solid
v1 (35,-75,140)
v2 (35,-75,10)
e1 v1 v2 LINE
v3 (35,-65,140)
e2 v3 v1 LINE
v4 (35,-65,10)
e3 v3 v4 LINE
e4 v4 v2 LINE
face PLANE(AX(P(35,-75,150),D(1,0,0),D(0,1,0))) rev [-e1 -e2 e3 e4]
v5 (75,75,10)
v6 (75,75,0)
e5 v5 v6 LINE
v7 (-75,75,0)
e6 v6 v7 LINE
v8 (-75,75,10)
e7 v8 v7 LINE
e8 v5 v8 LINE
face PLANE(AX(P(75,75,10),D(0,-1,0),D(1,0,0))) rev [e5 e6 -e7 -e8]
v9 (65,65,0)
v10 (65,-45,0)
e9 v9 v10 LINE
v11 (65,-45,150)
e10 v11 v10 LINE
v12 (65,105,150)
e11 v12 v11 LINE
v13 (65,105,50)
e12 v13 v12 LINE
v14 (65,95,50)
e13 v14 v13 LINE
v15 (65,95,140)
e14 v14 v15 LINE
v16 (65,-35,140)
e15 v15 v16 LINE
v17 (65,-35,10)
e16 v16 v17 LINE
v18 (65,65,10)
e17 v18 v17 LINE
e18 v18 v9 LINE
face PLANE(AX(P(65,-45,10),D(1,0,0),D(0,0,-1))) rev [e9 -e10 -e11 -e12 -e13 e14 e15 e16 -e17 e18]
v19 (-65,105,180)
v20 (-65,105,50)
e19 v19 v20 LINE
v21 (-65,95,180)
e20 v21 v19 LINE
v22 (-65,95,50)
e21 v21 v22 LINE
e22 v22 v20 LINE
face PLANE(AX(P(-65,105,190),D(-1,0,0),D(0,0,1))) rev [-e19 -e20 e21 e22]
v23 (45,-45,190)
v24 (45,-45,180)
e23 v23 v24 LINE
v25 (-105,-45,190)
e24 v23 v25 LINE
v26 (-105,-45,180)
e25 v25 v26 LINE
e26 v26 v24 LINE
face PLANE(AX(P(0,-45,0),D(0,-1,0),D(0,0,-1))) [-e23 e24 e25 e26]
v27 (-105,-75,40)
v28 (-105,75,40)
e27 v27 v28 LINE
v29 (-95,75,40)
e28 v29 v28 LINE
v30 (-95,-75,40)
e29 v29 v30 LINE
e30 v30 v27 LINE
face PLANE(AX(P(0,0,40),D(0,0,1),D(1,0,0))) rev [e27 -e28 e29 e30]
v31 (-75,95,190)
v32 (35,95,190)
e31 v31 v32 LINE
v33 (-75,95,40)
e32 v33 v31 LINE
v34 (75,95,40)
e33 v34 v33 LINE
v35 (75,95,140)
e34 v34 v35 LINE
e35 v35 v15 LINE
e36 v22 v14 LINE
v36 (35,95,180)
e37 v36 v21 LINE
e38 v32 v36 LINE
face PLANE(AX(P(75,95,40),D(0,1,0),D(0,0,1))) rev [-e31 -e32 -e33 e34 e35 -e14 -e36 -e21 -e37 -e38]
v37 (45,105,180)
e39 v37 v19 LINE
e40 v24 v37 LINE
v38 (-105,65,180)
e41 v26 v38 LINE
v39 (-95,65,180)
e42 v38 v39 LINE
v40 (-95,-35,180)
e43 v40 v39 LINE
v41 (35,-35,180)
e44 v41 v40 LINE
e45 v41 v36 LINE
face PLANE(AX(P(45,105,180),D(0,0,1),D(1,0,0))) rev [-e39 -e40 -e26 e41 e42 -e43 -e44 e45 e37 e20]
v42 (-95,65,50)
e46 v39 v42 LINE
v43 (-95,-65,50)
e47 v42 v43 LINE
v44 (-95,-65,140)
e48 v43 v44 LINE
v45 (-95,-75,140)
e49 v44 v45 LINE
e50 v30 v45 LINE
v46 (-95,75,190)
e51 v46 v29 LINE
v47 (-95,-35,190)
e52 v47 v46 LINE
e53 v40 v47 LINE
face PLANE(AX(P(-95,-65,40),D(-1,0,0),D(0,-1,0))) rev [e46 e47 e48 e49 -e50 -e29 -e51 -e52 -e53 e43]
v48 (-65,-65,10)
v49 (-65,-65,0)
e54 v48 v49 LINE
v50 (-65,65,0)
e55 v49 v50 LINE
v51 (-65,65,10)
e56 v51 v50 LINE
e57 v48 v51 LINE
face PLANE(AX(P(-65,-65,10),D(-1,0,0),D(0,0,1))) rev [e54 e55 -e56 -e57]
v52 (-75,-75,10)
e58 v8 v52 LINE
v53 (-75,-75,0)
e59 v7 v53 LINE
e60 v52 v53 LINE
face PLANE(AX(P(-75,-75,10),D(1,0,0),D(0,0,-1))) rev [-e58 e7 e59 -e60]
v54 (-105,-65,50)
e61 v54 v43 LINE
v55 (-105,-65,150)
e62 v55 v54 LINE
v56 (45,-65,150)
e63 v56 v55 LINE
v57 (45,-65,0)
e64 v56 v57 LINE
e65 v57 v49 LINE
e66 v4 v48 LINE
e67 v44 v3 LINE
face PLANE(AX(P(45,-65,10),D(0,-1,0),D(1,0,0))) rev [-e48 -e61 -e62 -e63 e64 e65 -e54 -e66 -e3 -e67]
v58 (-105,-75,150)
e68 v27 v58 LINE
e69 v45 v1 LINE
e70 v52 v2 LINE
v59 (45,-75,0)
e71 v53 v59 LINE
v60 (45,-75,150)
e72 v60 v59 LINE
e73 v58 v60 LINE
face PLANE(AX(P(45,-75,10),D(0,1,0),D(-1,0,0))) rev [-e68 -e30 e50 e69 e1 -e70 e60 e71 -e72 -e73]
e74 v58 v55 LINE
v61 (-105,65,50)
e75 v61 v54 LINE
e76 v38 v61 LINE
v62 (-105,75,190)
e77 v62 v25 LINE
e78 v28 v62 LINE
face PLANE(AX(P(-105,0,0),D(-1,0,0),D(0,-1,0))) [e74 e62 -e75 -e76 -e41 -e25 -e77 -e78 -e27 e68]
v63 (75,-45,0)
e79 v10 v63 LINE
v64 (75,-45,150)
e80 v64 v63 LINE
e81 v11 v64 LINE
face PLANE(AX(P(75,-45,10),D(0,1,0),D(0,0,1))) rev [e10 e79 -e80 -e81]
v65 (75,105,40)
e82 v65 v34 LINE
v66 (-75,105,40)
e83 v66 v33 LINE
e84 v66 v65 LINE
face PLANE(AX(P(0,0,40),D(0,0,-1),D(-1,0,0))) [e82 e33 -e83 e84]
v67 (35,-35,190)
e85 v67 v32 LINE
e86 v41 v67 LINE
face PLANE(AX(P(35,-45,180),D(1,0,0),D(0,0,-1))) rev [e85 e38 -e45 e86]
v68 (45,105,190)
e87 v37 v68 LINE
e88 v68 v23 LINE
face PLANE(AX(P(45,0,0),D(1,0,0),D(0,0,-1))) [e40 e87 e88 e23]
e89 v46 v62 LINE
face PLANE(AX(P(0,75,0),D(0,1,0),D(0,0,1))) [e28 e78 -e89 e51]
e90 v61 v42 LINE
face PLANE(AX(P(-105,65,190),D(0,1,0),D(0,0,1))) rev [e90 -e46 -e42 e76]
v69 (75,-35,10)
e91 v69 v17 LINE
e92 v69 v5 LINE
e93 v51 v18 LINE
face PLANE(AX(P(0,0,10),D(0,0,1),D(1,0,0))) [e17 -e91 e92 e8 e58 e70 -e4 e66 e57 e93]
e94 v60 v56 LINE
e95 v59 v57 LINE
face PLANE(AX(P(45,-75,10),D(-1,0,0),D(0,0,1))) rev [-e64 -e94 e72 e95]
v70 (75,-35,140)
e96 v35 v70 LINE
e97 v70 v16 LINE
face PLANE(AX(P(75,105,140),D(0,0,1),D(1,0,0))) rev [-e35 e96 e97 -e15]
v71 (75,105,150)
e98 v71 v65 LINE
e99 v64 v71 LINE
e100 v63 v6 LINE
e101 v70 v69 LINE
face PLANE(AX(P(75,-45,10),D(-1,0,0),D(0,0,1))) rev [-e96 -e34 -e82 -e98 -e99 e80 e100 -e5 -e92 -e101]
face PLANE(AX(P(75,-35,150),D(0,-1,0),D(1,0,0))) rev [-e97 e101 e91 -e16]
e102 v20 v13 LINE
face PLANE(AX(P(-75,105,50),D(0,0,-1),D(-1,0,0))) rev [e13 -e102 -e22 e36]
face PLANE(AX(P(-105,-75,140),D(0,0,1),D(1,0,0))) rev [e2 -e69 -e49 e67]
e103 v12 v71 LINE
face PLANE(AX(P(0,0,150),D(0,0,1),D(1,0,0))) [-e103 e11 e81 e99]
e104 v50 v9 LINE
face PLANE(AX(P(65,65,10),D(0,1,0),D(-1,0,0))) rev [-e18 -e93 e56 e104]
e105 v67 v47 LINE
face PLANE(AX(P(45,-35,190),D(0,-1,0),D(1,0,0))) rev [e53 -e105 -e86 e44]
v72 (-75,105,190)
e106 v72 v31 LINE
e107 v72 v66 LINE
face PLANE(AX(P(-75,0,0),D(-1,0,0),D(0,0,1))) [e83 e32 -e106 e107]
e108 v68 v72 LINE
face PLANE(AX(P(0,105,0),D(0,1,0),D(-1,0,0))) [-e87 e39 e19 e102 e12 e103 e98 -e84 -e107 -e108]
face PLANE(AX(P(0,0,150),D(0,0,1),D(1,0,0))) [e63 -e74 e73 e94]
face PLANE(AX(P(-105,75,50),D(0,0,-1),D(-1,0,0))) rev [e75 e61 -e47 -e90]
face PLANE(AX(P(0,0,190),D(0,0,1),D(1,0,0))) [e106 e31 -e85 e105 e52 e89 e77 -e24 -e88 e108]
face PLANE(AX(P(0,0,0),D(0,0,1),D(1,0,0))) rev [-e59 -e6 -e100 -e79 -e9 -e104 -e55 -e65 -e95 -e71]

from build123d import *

# Parameters (mm, degrees)
ESTRUSIONE_ESTRUSIONE1_DEPTH  = 10
SCHIZZO10_W                   = 10
SCHIZZO10_H                   = 10
ESTRUSIONE_ESTRUSIONE4_DEPTH  = 140
SCHIZZO11_W                   = 10
SCHIZZO11_H                   = 10
ESTRUSIONE_ESTRUSIONE5_DEPTH  = 140
SCHIZZO12_W                   = 10
SCHIZZO12_H                   = 10
ESTRUSIONE_ESTRUSIONE6_DEPTH  = 100
SCHIZZO13_W                   = 10
SCHIZZO13_H                   = 10
ESTRUSIONE_ESTRUSIONE7_DEPTH  = 140
SCHIZZO16_W                   = 10
SCHIZZO16_H                   = 10
ESTRUSIONE_ESTRUSIONE8_DEPTH  = 140
SCHIZZO17_W                   = 10
SCHIZZO17_H                   = 10
ESTRUSIONE_ESTRUSIONE9_DEPTH  = 140
SCHIZZO19_W                   = 10
SCHIZZO19_H                   = 10
ESTRUSIONE_ESTRUSIONE10_DEPTH = 100
SCHIZZO20_W                   = 10
SCHIZZO20_H                   = 10
ESTRUSIONE_ESTRUSIONE11_DEPTH = 140
SCHIZZO21_W                   = 10
SCHIZZO21_H                   = 10
ESTRUSIONE_ESTRUSIONE12_DEPTH = 140
SCHIZZO22_W                   = 10
SCHIZZO22_H                   = 10
ESTRUSIONE_ESTRUSIONE13_DEPTH = 110
SCHIZZO23_W                   = 10
SCHIZZO23_H                   = 10
ESTRUSIONE_ESTRUSIONE14_DEPTH = 140
SCHIZZO24_W                   = 10
SCHIZZO24_H                   = 10
ESTRUSIONE_ESTRUSIONE15_DEPTH = 110
SCHIZZO25_W                   = 10
SCHIZZO25_H                   = 10
ESTRUSIONE_ESTRUSIONE16_DEPTH = 140
SCHIZZO26_W                   = 10
SCHIZZO26_H                   = 10
ESTRUSIONE_ESTRUSIONE17_DEPTH = 140


with BuildPart() as part:
    # Schizzo1 → Estrusione-Estrusione1 (new body)
    with BuildSketch(Plane.XY):
        Polygon((45, -75), (-75, -75), (-75, 75), (75, 75), (75, -45), (65, -45), (65, 65), (-65, 65), (-65, -65), (45, -65), align=None)
    extrude(amount=ESTRUSIONE_ESTRUSIONE1_DEPTH)

    # Schizzo10 → Estrusione-Estrusione4 (add)
    with BuildSketch(Plane.XY.offset(10)):
        with Locations((40, -70)):
            Rectangle(SCHIZZO10_W, SCHIZZO10_H)
    extrude(amount=ESTRUSIONE_ESTRUSIONE4_DEPTH)

    # Schizzo11 → Estrusione-Estrusione5 (add)
    with BuildSketch(Plane.ZY.offset(-35)):
        with Locations((145, -70)):
            Rectangle(SCHIZZO11_W, SCHIZZO11_H)
    extrude(amount=ESTRUSIONE_ESTRUSIONE5_DEPTH)

    # Schizzo12 → Estrusione-Estrusione6 (add)
    with BuildSketch(Plane(origin=(0, 0, 140), x_dir=(-1, 0, 0), z_dir=(0, 0, -1))):
        with Locations((100, -70)):
            Rectangle(SCHIZZO12_W, SCHIZZO12_H)
    extrude(amount=ESTRUSIONE_ESTRUSIONE6_DEPTH)

    # Schizzo13 → Estrusione-Estrusione7 (add)
    with BuildSketch(Plane(origin=(0, -65, 0), x_dir=(1, 0, 0), z_dir=(0, 1, 0))):
        with Locations((-100, -45)):
            Rectangle(SCHIZZO13_W, SCHIZZO13_H)
    extrude(amount=ESTRUSIONE_ESTRUSIONE7_DEPTH)

    # Schizzo16 → Estrusione-Estrusione8 (add)
    with BuildSketch(Plane.XY.offset(10)):
        with Locations((70, -40)):
            Rectangle(SCHIZZO16_W, SCHIZZO16_H)
    extrude(amount=ESTRUSIONE_ESTRUSIONE8_DEPTH)

    # Schizzo17 → Estrusione-Estrusione9 (add)
    with BuildSketch(Plane(origin=(0, -35, 0), x_dir=(1, 0, 0), z_dir=(0, 1, 0))):
        with Locations((70, -145)):
            Rectangle(SCHIZZO17_W, SCHIZZO17_H)
    extrude(amount=ESTRUSIONE_ESTRUSIONE9_DEPTH)

    # Schizzo19 → Estrusione-Estrusione10 (add)
    with BuildSketch(Plane(origin=(0, 0, 140), x_dir=(-1, 0, 0), z_dir=(0, 0, -1))):
        with Locations((-70, 100)):
            Rectangle(SCHIZZO19_W, SCHIZZO19_H)
    extrude(amount=ESTRUSIONE_ESTRUSIONE10_DEPTH)

    # Schizzo20 → Estrusione-Estrusione11 (add)
    with BuildSketch(Plane.ZY.offset(-65)):
        with Locations((45, 100)):
            Rectangle(SCHIZZO20_W, SCHIZZO20_H)
    extrude(amount=ESTRUSIONE_ESTRUSIONE11_DEPTH)

    # Schizzo21 → Estrusione-Estrusione12 (add)
    with BuildSketch(Plane.XY.offset(50)):
        with Locations((-70, 100)):
            Rectangle(SCHIZZO21_W, SCHIZZO21_H)
    extrude(amount=ESTRUSIONE_ESTRUSIONE12_DEPTH)

    # Schizzo22 → Estrusione-Estrusione13 (add)
    with BuildSketch(Plane(origin=(-65, 0, 0), x_dir=(0, 0, -1), z_dir=(1, 0, 0))):
        with Locations((-185, 100)):
            Rectangle(SCHIZZO22_W, SCHIZZO22_H)
    extrude(amount=ESTRUSIONE_ESTRUSIONE13_DEPTH)

    # Schizzo23 → Estrusione-Estrusione14 (add)
    with BuildSketch(Plane.XY.offset(50)):
        with Locations((-100, 70)):
            Rectangle(SCHIZZO23_W, SCHIZZO23_H)
    extrude(amount=ESTRUSIONE_ESTRUSIONE14_DEPTH)

    # Schizzo24 → Estrusione-Estrusione15 (add)
    with BuildSketch(Plane.XZ.offset(-65)):
        with Locations((-100, 185)):
            Rectangle(SCHIZZO24_W, SCHIZZO24_H)
    extrude(amount=ESTRUSIONE_ESTRUSIONE15_DEPTH)

    # Schizzo25 → Estrusione-Estrusione16 (add)
    with BuildSketch(Plane(origin=(-95, 0, 0), x_dir=(0, 0, -1), z_dir=(1, 0, 0))):
        with Locations((-185, -40)):
            Rectangle(SCHIZZO25_W, SCHIZZO25_H)
    extrude(amount=ESTRUSIONE_ESTRUSIONE16_DEPTH)

    # Schizzo26 → Estrusione-Estrusione17 (add)
    with BuildSketch(Plane.XZ.offset(-95)):
        with Locations((40, 185)):
            Rectangle(SCHIZZO26_W, SCHIZZO26_H)
    extrude(amount=ESTRUSIONE_ESTRUSIONE17_DEPTH)


solid = part.part
